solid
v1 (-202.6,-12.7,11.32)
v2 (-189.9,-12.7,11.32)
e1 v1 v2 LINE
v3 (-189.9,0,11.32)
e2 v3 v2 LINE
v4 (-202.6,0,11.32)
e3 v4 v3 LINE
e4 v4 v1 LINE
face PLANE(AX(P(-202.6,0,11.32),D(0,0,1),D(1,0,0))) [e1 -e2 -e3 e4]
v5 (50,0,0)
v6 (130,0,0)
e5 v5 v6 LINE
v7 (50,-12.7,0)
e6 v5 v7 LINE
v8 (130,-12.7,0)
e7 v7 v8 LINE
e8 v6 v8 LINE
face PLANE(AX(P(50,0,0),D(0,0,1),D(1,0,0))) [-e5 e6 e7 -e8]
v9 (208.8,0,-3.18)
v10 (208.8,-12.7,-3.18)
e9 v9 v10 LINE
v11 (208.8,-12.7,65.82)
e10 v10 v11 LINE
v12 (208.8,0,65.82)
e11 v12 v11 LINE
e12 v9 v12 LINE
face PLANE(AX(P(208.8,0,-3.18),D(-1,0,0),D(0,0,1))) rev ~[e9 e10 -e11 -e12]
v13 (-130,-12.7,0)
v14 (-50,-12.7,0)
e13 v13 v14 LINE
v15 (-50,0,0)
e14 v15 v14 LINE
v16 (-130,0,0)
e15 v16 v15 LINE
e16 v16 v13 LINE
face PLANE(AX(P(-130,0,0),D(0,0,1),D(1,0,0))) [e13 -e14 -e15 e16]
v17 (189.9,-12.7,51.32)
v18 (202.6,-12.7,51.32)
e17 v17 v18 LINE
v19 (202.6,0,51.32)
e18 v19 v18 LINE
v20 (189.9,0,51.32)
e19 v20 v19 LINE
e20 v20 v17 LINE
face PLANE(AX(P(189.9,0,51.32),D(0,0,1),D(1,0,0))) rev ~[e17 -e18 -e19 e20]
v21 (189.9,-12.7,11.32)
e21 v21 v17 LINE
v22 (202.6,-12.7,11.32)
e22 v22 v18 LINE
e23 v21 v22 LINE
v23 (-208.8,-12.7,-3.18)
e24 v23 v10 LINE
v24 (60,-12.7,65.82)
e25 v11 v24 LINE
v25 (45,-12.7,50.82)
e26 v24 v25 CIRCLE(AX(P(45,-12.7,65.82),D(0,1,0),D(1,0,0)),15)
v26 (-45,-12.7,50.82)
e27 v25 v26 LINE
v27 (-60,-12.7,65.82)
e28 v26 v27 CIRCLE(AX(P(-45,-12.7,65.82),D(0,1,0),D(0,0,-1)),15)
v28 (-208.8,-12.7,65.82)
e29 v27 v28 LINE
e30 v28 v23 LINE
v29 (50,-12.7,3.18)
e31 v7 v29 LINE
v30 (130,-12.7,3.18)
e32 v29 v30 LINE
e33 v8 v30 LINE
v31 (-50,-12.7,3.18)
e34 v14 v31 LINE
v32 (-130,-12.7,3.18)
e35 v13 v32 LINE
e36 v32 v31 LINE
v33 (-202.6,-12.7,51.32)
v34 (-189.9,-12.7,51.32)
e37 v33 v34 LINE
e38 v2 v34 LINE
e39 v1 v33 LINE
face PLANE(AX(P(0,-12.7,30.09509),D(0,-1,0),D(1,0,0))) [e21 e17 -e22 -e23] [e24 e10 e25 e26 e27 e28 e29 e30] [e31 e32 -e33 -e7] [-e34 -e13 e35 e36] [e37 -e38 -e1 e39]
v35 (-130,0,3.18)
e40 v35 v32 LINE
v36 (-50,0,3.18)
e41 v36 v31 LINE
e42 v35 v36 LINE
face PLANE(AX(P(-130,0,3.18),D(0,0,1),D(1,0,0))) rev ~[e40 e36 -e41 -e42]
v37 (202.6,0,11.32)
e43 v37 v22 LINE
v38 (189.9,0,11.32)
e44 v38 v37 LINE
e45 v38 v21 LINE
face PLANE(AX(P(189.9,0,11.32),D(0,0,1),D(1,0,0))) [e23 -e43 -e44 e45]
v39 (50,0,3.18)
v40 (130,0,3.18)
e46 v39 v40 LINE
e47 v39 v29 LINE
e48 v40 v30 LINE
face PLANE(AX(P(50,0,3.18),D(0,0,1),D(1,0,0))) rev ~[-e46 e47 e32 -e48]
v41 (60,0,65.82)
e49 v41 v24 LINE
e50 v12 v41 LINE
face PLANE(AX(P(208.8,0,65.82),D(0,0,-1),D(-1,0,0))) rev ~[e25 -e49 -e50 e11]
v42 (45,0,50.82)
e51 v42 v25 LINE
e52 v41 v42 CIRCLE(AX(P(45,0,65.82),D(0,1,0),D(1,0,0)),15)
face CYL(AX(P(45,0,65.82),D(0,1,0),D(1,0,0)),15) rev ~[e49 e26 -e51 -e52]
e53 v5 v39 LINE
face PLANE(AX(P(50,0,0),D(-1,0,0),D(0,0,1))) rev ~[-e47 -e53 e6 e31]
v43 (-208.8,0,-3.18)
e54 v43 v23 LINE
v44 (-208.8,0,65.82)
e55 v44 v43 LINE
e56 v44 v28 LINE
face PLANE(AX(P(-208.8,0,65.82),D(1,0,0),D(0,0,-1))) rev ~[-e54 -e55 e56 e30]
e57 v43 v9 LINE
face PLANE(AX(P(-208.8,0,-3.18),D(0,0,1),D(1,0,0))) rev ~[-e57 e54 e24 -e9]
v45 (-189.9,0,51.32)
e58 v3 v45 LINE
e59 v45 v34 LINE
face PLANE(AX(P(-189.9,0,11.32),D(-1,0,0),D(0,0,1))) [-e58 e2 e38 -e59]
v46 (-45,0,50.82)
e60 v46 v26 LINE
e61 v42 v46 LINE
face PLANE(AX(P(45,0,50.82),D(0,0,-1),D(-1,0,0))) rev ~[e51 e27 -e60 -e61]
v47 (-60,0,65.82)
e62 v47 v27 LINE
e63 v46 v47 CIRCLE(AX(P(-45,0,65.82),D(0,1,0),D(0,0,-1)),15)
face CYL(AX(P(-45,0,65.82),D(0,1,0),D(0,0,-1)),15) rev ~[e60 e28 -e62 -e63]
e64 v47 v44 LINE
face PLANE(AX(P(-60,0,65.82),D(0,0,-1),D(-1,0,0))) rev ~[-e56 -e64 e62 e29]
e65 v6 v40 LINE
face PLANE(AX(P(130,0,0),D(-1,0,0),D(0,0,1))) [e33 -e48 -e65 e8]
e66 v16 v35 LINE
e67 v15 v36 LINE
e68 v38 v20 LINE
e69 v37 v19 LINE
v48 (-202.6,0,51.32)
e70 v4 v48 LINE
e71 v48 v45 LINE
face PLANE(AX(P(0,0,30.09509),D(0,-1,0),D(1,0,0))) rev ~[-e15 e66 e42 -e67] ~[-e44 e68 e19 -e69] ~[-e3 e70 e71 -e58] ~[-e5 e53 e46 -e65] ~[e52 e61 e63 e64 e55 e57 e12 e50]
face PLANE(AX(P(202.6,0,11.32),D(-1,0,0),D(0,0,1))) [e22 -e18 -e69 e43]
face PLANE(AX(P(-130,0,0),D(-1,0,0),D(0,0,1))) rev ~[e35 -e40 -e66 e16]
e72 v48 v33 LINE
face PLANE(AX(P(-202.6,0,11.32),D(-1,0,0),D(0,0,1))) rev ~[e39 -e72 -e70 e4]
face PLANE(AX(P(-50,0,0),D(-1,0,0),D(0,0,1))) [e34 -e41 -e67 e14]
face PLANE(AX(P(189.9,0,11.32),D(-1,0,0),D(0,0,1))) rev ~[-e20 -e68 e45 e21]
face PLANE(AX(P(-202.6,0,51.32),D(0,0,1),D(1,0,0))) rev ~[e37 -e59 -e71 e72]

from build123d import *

# Parameters (mm, degrees)
F1_W     = 80
F1_H     = 3.18
F1_W_2   = 12.7
F1_H_2   = 40
F2_DEPTH = 12.7


with BuildPart() as f2:
    # F1 (on Front) → F2 (new body)
    with BuildSketch(Plane.XZ):
        with BuildLine():
            Line((-208.8, 65.82), (-208.8, -3.18))
            Line((-208.8, -3.18), (208.8, -3.18))
            Line((208.8, -3.18), (208.8, 65.82))
            Line((208.8, 65.82), (60, 65.82))
            ThreePointArc((60, 65.82), (55.6066017178, 55.2133982822), (45, 50.82))
            Line((45, 50.82), (-45, 50.82))
            ThreePointArc((-45, 50.82), (-55.6066017178, 55.2133982822), (-60, 65.82))
            Line((-60, 65.82), (-208.8, 65.82))
        make_face()
        with Locations((-90, 1.59)):
            Rectangle(F1_W, F1_H, mode=Mode.SUBTRACT)
        with Locations((90, 1.59)):
            Rectangle(F1_W, F1_H, mode=Mode.SUBTRACT)
        with Locations((-196.25, 31.32)):
            Rectangle(F1_W_2, F1_H_2, mode=Mode.SUBTRACT)
        with Locations((196.25, 31.32)):
            Rectangle(F1_W_2, F1_H_2, mode=Mode.SUBTRACT)
    extrude(amount=F2_DEPTH)


solid = f2.part
